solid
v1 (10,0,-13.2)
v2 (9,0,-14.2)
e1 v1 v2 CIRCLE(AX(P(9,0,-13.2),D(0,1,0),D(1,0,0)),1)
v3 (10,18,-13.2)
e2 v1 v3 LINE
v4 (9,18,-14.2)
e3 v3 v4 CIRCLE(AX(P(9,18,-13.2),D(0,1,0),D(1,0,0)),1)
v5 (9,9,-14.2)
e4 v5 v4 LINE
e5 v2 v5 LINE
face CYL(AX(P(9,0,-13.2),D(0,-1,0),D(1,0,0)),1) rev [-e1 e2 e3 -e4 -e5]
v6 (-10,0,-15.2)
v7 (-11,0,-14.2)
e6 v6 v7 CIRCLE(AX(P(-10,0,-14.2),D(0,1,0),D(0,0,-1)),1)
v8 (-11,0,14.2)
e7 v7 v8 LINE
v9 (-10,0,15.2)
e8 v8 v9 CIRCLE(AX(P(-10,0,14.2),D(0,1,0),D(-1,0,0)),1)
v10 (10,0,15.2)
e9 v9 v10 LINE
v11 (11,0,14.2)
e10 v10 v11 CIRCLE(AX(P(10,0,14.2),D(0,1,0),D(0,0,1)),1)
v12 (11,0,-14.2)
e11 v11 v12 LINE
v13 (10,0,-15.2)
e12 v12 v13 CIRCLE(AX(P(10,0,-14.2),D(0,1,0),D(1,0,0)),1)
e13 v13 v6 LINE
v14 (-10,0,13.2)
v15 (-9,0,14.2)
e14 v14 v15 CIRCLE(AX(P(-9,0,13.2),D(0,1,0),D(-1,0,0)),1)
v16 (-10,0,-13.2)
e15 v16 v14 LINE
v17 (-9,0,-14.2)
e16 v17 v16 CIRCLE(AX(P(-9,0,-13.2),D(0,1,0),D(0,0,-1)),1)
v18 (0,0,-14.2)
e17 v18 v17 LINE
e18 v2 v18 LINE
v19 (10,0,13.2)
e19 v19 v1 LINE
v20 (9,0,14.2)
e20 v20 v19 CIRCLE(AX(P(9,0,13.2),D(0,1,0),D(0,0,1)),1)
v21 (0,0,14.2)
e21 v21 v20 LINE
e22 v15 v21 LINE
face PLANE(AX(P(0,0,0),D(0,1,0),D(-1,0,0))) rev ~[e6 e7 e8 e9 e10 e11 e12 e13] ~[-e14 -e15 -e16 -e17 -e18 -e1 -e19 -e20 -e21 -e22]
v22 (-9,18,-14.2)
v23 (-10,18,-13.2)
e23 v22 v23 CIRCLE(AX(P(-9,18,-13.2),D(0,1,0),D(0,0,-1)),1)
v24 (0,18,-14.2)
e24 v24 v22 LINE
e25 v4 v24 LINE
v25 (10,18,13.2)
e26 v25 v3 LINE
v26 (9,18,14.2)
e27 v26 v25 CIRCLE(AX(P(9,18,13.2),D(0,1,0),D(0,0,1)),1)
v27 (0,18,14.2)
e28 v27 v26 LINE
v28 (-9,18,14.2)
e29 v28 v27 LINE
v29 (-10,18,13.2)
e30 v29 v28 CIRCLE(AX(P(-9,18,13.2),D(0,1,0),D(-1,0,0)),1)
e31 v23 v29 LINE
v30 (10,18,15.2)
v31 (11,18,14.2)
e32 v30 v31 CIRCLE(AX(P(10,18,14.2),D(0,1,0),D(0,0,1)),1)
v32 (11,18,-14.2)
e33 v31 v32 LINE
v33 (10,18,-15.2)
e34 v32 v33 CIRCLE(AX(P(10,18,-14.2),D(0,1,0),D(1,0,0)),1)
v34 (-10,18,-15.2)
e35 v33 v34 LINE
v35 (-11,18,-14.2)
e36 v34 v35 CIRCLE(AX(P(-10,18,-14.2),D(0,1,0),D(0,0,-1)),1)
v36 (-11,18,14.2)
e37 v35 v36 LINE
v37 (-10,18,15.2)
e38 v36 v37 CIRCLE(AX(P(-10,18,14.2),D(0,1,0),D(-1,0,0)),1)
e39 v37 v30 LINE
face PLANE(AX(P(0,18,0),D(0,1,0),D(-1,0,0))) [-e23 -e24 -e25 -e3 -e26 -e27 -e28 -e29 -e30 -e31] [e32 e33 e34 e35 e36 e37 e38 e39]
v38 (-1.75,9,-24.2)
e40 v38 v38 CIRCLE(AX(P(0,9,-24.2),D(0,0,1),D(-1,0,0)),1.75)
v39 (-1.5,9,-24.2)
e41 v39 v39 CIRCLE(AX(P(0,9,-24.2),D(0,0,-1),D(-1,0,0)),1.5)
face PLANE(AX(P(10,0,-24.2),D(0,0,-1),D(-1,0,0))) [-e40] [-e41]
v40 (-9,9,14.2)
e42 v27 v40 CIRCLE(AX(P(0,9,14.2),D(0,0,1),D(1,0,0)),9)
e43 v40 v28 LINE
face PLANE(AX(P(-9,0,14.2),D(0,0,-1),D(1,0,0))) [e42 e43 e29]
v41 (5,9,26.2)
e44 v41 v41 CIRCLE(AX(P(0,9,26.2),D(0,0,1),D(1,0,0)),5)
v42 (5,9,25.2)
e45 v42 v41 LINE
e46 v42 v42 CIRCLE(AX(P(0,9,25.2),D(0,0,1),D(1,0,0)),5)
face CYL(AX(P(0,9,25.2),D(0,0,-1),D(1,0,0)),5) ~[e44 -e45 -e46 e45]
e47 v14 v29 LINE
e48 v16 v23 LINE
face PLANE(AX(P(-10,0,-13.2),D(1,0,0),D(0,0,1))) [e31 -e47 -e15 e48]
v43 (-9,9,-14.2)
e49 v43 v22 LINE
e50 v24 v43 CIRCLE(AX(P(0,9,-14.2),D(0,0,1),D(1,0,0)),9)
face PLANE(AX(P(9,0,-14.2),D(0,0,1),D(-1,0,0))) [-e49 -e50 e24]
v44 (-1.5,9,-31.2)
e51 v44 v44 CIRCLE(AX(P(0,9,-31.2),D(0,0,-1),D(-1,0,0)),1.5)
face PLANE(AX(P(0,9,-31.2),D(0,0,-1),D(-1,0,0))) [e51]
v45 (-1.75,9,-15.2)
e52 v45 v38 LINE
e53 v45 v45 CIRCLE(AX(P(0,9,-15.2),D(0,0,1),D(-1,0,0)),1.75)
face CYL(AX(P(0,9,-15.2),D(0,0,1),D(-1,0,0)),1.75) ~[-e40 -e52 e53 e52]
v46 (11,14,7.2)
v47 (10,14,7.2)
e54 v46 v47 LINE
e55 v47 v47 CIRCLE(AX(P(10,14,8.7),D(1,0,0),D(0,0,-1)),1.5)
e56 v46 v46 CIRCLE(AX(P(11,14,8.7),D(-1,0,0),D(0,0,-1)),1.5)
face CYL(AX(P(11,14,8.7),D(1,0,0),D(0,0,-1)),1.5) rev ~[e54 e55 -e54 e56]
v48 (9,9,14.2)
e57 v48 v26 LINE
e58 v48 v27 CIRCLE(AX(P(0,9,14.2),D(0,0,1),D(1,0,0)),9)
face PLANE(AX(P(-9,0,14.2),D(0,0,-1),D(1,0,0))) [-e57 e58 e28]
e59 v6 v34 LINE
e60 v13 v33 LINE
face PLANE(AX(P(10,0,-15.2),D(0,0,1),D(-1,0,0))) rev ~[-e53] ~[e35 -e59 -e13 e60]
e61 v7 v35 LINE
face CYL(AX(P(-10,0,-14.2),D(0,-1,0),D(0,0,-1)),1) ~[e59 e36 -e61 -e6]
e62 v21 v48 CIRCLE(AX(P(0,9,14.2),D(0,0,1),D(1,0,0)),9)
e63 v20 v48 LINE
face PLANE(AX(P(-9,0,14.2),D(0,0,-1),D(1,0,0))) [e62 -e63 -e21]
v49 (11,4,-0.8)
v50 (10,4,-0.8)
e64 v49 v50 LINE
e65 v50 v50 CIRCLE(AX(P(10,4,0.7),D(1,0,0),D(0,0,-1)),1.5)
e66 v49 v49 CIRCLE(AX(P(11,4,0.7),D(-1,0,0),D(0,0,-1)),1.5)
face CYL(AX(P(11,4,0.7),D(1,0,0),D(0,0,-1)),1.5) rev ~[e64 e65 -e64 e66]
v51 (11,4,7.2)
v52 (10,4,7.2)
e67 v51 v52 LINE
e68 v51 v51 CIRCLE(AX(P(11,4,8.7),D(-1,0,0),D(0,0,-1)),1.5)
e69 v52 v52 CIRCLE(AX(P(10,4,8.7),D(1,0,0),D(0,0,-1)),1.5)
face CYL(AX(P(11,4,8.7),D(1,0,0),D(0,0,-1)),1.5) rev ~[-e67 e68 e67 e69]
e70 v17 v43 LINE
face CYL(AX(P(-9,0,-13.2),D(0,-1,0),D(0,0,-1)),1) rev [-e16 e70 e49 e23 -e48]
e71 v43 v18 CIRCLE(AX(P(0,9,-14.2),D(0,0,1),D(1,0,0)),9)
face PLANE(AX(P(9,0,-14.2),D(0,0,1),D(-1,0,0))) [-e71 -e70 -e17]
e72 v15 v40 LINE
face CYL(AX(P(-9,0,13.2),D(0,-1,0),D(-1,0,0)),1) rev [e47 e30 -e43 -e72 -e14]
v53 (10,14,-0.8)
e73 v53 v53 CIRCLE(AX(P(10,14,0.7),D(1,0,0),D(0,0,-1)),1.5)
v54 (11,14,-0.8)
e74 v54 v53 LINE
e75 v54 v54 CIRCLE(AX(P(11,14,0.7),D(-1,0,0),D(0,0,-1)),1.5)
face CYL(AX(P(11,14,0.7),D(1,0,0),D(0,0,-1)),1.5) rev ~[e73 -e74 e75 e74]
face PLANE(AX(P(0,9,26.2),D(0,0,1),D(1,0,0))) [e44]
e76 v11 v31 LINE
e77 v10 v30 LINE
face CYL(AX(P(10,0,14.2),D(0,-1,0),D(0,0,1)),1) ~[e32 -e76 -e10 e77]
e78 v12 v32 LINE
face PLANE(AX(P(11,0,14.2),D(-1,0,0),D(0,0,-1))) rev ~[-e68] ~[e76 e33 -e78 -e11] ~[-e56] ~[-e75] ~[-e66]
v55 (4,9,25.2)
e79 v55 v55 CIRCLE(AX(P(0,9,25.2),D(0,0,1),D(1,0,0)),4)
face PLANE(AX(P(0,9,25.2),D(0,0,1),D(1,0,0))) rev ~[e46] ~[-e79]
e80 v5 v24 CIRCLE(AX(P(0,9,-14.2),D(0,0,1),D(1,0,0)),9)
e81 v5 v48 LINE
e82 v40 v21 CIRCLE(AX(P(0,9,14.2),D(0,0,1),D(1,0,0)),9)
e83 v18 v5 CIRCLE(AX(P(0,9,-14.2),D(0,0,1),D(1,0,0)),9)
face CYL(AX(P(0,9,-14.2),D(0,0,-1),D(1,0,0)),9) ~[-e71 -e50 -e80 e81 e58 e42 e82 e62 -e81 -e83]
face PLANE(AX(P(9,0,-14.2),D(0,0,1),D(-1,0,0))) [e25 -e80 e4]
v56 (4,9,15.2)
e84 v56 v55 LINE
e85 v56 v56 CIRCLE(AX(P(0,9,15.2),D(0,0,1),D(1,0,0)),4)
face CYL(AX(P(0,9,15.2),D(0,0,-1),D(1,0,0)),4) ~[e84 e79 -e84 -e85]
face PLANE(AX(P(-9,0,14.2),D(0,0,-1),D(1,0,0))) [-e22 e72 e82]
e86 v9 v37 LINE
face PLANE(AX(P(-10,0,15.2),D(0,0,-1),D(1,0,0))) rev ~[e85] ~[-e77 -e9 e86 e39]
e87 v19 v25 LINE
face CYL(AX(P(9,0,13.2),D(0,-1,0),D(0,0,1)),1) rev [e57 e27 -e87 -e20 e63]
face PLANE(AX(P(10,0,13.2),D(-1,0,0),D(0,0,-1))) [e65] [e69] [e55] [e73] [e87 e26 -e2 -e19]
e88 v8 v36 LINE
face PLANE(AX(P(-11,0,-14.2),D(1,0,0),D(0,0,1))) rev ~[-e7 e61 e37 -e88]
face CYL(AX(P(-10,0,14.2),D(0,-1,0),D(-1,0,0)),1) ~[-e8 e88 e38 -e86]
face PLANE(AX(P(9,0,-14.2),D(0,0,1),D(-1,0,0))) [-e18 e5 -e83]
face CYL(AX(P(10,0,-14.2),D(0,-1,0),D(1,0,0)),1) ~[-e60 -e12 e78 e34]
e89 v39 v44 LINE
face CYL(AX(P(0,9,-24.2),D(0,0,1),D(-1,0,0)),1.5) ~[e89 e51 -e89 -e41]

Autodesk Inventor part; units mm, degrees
ref_plane "YZ Plane" through (0, 0, 0) normal (1, 0, 0) x (0, 1, 0)
ref_plane "XZ Plane" through (0, 0, 0) normal (0, 1, 0) x (-1, 0, 0)
ref_plane "XY Plane" through (0, 0, 0) normal (0, 0, 1) x (1, 0, 0)
sketch "Sketch1" plane through (0, 0, 0) normal (0, 1, 0) x (-1, 0, 0)
  line L0 (-11, 14.2) -> (-11, -14.2)
  line L1 (-10, -15.2) -> (10, -15.2)
  line L2 (11, -14.2) -> (11, 14.2)
  line L3 (10, 15.2) -> (-10, 15.2)
  line L4 (-11, 15.2) -> (11, -15.2) construction
  line L5 (-11, -15.2) -> (11, 15.2) construction
  line L6 (-10, 13.2) -> (-10, -13.2)
  line L7 (-9, -14.2) -> (9, -14.2)
  line L8 (10, -13.2) -> (10, 13.2)
  line L9 (9, 14.2) -> (-9, 14.2)
  line L10 (-10, 14.2) -> (10, -14.2) construction
  line L11 (-10, -14.2) -> (10, 14.2) construction
  arc A0 (11, 14.2) -> (10, 15.2) centre (10, 14.2) ccw
  arc A1 (10, 13.2) -> (9, 14.2) centre (9, 13.2) ccw
  arc A2 (9, -14.2) -> (10, -13.2) centre (9, -13.2) ccw
  arc A3 (10, -15.2) -> (11, -14.2) centre (10, -14.2) ccw
  arc A4 (-10, -13.2) -> (-9, -14.2) centre (-9, -13.2) ccw
  arc A5 (-11, -14.2) -> (-10, -15.2) centre (-10, -14.2) ccw
  arc A6 (-10, 15.2) -> (-11, 14.2) centre (-10, 14.2) ccw
  arc A7 (-9, 14.2) -> (-10, 13.2) centre (-9, 13.2) ccw
  point P0 (0, 0)
  dimension "d0" = 30.4
  dimension "d1" = 22
  dimension "d2" = 28.4
  dimension "d3" = 20
  dimension "d4" = 1
  dimension "d5" = 1
extrude "Extrusion1" add sketch "Sketch1" along normal blind 18
sketch "Sketch3" plane through (-9, 0, -14.2) normal (0, 0, 1) x (1, 0, 0)
  line L0 (9, 0) -> (9, 9)
  circle A0 centre (9, 9) radius 9
  dimension "d12" = 9
  dimension "d13" = 18
extrude "Extrusion3" add sketch "Sketch3" along normal up to surface (28.4 mm away)
sketch "Sketch4" plane through (-10, 0, 15.2) normal (0, 0, 1) x (1, 0, 0)
  circle A0 centre (10, 9) radius 4
  point P0 (10, 0)
  dimension "d16" = 8
extrude "Extrusion4" add sketch "Sketch4" along normal blind 10
sketch "Sketch5" plane through (0, 9, 25.2) normal (0, 0, 1) x (1, 0, 0)
  circle A0 centre (0, 0) radius 5
  point P0 (0, -9)
  dimension "d19" = 10
extrude "Extrusion5" add sketch "Sketch5" along normal blind 1
sketch "Sketch7" plane through (10, 0, -15.2) normal (0, 0, -1) x (-1, 0, 0)
  line L0 (10, 9) -> (10, 0)
  circle A0 centre (10, 9) radius 1.75
  dimension "d22" = 3.5
extrude "Extrusion6" add sketch "Sketch7" along normal blind 9
sketch "Sketch8" plane through (11, 0, 14.2) normal (1, 0, 0) x (0, 0, -1)
  line L0 (-1, 0) -> (-1, 18) projected
  line L1 (-1, 9) -> (5.5, 9)
  line L2 (5.5, 9) -> (5.5, 14)
  line L3 (5.5, 14) -> (5.5, 4)
  line L4 (5.5, 4) -> (13.5, 4)
  line L5 (13.5, 4) -> (13.5, 14)
  circle A0 centre (5.5, 14) radius 1.5
  circle A1 centre (13.5, 14) radius 1.5
  circle A2 centre (13.5, 4) radius 1.5
  circle A3 centre (5.5, 4) radius 1.5
  point P0 (14.2, 0)
  dimension "d25" = 6.5
  dimension "d26" = 5
  dimension "d27" = 10
  dimension "d28" = 8
  dimension "d29" = 3
  dimension "d30" = 3
  dimension "d31" = 3
  dimension "d32" = 3
extrude "Extrusion7" cut sketch "Sketch8" against normal blind 2
sketch "Sketch9" plane through (0, 9, -24.2) normal (0, 0, -1) x (-1, 0, 0)
  circle A0 centre (0, 0) radius 1.5
  point P0 (0, -9)
  dimension "d35" = 3
extrude "Extrusion8" add sketch "Sketch9" along normal blind 7
thread "Thread1" size "M3x0.5" class "6g" standard "ANSI Metric M Profile" full length
properties part number "Solenoid"
